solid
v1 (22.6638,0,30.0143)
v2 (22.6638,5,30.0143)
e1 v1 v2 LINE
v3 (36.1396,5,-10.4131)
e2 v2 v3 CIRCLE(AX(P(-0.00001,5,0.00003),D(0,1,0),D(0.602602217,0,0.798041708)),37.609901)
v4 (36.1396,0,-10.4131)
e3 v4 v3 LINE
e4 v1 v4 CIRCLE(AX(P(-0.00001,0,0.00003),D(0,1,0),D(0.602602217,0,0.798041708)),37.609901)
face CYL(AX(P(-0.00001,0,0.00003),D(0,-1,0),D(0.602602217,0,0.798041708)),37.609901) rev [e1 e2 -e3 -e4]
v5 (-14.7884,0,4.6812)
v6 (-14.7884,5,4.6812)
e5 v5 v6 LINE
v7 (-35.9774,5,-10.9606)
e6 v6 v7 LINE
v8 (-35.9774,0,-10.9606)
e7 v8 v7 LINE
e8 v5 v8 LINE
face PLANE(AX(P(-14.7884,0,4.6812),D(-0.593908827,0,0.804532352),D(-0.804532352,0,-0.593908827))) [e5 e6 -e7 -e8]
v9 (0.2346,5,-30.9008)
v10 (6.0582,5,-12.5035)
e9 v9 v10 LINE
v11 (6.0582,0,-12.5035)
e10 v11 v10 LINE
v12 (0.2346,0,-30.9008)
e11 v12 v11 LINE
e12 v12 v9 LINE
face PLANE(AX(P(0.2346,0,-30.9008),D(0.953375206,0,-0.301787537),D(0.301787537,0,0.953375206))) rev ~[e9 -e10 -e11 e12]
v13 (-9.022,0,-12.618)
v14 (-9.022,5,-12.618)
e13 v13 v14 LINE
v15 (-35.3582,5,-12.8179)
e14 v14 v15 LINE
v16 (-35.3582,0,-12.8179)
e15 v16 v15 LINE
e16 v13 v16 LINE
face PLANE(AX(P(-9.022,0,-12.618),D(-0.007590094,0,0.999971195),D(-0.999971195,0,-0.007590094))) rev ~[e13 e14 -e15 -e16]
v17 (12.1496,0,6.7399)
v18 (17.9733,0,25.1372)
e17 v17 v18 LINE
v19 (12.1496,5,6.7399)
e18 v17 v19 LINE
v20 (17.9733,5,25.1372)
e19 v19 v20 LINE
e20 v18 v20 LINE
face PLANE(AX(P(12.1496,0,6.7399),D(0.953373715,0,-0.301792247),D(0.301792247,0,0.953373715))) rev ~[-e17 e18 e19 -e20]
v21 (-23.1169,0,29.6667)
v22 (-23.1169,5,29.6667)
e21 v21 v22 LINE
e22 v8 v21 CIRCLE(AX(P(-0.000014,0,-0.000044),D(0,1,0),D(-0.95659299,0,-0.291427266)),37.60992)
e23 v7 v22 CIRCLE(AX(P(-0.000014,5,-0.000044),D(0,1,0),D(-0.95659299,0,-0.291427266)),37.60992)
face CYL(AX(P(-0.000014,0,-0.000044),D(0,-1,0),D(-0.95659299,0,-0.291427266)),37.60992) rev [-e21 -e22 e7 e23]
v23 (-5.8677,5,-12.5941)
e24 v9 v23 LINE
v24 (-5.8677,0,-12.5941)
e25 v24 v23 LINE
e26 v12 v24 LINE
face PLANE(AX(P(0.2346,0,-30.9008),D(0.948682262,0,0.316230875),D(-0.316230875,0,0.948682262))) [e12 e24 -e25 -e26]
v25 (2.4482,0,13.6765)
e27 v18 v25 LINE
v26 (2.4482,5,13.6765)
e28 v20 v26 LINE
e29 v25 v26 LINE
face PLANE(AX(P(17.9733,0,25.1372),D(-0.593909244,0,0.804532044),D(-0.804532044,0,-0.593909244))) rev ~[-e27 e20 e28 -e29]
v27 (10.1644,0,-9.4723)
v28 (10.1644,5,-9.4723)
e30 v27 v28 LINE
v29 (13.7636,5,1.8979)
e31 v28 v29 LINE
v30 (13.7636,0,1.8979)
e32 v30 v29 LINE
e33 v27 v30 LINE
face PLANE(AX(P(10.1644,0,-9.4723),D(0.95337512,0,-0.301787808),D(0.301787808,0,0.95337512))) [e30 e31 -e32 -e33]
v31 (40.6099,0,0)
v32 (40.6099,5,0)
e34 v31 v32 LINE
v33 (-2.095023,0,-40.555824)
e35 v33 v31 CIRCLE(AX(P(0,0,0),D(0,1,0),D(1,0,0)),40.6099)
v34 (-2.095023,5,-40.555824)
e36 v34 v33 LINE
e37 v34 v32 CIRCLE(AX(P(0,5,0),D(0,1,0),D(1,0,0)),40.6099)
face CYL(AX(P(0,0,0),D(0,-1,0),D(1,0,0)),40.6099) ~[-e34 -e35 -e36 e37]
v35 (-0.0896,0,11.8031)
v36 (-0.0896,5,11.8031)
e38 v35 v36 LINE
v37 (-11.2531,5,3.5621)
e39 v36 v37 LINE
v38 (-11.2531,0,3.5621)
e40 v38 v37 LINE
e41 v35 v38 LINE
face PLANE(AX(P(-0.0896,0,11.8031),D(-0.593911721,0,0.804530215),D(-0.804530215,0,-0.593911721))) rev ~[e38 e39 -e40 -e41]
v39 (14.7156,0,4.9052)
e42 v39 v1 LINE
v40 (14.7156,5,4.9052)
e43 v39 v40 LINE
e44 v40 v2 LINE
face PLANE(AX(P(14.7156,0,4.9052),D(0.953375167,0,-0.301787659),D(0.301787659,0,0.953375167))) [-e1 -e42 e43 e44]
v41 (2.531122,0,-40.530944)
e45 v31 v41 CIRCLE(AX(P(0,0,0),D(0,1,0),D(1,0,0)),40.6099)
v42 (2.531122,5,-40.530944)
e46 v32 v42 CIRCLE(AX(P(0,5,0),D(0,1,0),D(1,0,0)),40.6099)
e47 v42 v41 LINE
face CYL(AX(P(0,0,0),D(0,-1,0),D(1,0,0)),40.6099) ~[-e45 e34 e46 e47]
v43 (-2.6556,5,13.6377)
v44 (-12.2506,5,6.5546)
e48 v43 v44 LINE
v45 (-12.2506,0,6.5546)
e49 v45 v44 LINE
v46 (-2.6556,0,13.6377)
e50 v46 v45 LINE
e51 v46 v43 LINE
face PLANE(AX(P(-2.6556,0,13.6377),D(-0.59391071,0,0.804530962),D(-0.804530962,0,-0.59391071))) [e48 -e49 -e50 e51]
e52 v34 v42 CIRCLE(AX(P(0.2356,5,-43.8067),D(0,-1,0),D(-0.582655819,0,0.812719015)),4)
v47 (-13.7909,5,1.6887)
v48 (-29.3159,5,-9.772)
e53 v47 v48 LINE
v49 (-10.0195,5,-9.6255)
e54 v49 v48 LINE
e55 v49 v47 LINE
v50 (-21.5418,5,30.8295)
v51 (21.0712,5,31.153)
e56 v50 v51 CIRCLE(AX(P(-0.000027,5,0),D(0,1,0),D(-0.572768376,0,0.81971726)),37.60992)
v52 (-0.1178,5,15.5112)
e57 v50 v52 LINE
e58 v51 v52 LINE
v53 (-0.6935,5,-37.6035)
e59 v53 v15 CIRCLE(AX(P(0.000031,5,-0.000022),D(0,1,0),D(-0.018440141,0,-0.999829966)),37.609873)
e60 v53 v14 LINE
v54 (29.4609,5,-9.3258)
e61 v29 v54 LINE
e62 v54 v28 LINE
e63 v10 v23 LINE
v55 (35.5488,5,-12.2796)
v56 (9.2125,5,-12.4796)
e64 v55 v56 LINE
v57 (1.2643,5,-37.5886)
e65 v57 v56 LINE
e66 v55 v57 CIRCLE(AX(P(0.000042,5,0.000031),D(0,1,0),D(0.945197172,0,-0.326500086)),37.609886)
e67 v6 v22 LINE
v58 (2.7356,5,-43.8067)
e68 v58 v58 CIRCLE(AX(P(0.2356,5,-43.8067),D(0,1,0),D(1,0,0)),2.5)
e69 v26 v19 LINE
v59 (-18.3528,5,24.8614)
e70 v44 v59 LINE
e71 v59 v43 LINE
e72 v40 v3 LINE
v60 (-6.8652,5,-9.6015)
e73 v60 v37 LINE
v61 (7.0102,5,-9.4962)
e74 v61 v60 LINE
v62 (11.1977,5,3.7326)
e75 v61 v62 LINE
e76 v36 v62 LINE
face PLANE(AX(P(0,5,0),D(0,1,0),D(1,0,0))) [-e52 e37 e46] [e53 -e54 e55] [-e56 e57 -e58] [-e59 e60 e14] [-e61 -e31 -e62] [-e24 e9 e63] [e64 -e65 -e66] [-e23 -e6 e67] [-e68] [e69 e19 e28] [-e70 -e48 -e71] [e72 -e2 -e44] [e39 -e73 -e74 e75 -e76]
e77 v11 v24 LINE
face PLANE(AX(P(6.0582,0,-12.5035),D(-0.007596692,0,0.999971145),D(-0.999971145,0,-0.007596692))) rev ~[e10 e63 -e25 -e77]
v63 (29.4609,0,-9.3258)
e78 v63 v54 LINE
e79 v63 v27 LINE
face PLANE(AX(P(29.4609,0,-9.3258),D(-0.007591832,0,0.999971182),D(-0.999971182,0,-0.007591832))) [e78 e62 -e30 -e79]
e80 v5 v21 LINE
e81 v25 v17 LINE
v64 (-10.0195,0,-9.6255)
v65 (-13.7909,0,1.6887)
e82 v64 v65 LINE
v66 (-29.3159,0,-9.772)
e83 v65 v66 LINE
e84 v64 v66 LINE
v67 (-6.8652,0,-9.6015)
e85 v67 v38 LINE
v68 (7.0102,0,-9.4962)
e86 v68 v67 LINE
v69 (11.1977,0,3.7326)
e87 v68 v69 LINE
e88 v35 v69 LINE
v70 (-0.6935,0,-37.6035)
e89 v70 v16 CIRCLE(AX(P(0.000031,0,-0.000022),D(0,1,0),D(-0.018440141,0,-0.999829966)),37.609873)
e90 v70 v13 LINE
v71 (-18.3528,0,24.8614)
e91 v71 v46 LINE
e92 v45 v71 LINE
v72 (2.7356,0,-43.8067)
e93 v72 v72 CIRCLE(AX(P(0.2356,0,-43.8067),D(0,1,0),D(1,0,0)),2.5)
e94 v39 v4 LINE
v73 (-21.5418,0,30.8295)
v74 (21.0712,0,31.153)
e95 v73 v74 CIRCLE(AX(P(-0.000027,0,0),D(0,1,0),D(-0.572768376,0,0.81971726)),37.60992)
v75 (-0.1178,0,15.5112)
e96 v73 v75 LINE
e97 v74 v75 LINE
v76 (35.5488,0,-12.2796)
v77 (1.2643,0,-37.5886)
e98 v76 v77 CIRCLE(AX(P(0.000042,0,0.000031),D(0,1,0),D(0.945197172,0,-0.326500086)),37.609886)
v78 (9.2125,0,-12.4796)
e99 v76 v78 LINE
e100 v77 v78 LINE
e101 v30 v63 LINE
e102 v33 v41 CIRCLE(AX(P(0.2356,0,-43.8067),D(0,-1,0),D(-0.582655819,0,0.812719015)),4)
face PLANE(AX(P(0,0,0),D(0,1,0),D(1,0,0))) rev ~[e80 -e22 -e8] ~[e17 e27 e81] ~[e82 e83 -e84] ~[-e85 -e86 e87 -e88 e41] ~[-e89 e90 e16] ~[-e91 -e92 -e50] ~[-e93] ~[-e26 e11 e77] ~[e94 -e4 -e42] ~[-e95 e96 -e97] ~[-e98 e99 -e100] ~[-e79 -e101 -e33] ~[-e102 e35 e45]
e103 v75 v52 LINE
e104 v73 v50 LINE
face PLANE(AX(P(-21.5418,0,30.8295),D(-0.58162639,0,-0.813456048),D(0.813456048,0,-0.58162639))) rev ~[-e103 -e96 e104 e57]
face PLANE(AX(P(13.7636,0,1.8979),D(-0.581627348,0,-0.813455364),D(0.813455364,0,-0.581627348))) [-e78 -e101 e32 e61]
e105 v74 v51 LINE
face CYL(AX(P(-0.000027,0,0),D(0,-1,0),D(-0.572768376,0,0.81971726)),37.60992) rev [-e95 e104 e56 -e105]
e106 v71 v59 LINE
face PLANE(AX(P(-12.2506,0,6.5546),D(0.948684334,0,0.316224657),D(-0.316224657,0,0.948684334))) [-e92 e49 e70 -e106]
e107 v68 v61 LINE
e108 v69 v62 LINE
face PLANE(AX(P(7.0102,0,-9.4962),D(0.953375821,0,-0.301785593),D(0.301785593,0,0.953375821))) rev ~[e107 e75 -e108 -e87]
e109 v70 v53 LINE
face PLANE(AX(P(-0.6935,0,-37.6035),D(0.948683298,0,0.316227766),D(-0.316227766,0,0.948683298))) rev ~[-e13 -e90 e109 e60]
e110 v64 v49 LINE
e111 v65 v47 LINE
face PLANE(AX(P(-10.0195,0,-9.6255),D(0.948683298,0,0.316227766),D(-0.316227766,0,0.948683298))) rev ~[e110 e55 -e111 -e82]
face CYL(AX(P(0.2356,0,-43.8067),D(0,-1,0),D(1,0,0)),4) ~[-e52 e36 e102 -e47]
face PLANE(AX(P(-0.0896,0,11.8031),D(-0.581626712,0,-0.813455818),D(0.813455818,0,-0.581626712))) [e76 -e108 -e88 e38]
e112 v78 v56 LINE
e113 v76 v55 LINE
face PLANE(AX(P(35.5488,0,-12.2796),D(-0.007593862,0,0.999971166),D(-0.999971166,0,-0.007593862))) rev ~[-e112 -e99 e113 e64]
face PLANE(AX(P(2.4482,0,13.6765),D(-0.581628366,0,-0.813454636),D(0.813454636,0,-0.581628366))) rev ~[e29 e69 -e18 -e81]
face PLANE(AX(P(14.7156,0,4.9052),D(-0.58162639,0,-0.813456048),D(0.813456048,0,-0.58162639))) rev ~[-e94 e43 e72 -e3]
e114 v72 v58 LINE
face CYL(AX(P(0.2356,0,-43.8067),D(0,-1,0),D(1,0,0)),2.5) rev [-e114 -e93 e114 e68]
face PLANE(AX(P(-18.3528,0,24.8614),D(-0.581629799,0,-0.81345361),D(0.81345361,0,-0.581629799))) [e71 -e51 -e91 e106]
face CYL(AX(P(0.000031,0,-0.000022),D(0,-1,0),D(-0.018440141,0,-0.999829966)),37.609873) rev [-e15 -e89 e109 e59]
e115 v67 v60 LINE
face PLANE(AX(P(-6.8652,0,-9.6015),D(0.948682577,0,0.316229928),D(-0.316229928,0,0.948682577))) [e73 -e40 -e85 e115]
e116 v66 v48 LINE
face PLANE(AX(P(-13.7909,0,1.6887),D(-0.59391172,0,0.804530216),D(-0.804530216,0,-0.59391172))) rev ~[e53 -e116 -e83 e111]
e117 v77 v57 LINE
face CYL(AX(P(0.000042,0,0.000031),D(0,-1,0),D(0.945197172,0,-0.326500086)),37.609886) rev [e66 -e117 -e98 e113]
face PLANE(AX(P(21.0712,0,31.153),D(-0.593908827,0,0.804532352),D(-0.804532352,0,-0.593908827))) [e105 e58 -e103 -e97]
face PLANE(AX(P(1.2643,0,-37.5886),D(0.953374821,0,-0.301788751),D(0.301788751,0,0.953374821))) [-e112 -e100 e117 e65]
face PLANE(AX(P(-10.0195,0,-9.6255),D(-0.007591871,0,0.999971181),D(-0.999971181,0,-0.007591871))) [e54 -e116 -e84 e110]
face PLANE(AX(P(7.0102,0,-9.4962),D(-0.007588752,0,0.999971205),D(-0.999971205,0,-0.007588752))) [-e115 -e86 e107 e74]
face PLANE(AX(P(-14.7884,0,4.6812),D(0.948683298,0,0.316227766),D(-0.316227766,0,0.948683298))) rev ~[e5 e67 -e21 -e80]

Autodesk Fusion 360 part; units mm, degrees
sketch "草图1" plane through (0, 0, 0) normal (0, 1, 0) x (1, 0, 0)
  circle A0 centre (0, 0) radius 40.6099
  arc A1 (22.6638, -30.0143) -> (36.1396, 10.4131) centre (0, 0) ccw
  arc A2 (35.5488, 12.2796) -> (1.2643, 37.5886) centre (0, 0) ccw
  arc A3 (-21.5418, -30.8295) -> (21.0712, -31.153) centre (0, 0) ccw
  arc A4 (-0.6935, 37.6035) -> (-35.3582, 12.8179) centre (0, 0) ccw
  arc A5 (-35.9774, 10.9606) -> (-23.1169, -29.6667) centre (0, 0) ccw
  line L0 (-9.022, 12.618) -> (-35.3582, 12.8179)
  line L1 (-10.0195, 9.6255) -> (-29.3159, 9.772)
  line L2 (0.2346, 30.9008) -> (-5.8677, 12.5941)
  line L3 (-0.6935, 37.6035) -> (-9.022, 12.618)
  line L4 (0.2346, 30.9008) -> (6.0582, 12.5035)
  line L5 (35.5488, 12.2796) -> (9.2125, 12.4796)
  line L6 (6.0582, 12.5035) -> (-5.8677, 12.5941)
  line L7 (1.2643, 37.5886) -> (9.2125, 12.4796)
  line L8 (29.4609, 9.3258) -> (10.1644, 9.4723)
  line L9 (7.0102, 9.4962) -> (-6.8652, 9.6015)
  line L10 (13.7636, -1.8979) -> (29.4609, 9.3258)
  line L11 (14.7156, -4.9052) -> (36.1396, 10.4131)
  line L12 (7.0102, 9.4962) -> (11.1977, -3.7326)
  line L13 (12.1496, -6.7399) -> (17.9733, -25.1372)
  line L14 (10.1644, 9.4723) -> (13.7636, -1.8979)
  line L15 (14.7156, -4.9052) -> (22.6638, -30.0143)
  line L16 (17.9733, -25.1372) -> (2.4482, -13.6765)
  line L17 (21.0712, -31.153) -> (-0.1178, -15.5112)
  line L18 (-18.3528, -24.8614) -> (-2.6556, -13.6377)
  line L19 (-0.0896, -11.8031) -> (11.1977, -3.7326)
  line L20 (-21.5418, -30.8295) -> (-0.1178, -15.5112)
  line L21 (2.4482, -13.6765) -> (12.1496, -6.7399)
  line L22 (-6.8652, 9.6015) -> (-11.2531, -3.5621)
  line L23 (-12.2506, -6.5546) -> (-18.3528, -24.8614)
  line L24 (-2.6556, -13.6377) -> (-12.2506, -6.5546)
  line L25 (-14.7884, -4.6812) -> (-35.9774, 10.9606)
  line L26 (-0.0896, -11.8031) -> (-11.2531, -3.5621)
  line L27 (-13.7909, -1.6887) -> (-29.3159, 9.772)
  line L28 (-10.0195, 9.6255) -> (-13.7909, -1.6887)
  line L29 (-14.7884, -4.6812) -> (-23.1169, -29.6667)
extrude "拉伸1" add sketch "草图1" along normal blind 5 makes body 1
sketch "草图2" plane through (0, 0, 0) normal (0, 1, 0) x (1, 0, 0)
  circle A0 centre (58.5356, 21.3067) radius 4
  circle A1 centre (58.5356, 21.3067) radius 2.5
  dimension "d6" = 8
  dimension "d7" = 5
extrude "拉伸2" add sketch "草图2" along normal blind 5 separate body makes body 2
move_body "移动1" bodies 2 to x (1, 0, 0) y (0, 1, 0) z (0, 0, 1) at (-58.3, 0, -22.5)
combine "合并1" operation add target body 1 tool bodies 2
